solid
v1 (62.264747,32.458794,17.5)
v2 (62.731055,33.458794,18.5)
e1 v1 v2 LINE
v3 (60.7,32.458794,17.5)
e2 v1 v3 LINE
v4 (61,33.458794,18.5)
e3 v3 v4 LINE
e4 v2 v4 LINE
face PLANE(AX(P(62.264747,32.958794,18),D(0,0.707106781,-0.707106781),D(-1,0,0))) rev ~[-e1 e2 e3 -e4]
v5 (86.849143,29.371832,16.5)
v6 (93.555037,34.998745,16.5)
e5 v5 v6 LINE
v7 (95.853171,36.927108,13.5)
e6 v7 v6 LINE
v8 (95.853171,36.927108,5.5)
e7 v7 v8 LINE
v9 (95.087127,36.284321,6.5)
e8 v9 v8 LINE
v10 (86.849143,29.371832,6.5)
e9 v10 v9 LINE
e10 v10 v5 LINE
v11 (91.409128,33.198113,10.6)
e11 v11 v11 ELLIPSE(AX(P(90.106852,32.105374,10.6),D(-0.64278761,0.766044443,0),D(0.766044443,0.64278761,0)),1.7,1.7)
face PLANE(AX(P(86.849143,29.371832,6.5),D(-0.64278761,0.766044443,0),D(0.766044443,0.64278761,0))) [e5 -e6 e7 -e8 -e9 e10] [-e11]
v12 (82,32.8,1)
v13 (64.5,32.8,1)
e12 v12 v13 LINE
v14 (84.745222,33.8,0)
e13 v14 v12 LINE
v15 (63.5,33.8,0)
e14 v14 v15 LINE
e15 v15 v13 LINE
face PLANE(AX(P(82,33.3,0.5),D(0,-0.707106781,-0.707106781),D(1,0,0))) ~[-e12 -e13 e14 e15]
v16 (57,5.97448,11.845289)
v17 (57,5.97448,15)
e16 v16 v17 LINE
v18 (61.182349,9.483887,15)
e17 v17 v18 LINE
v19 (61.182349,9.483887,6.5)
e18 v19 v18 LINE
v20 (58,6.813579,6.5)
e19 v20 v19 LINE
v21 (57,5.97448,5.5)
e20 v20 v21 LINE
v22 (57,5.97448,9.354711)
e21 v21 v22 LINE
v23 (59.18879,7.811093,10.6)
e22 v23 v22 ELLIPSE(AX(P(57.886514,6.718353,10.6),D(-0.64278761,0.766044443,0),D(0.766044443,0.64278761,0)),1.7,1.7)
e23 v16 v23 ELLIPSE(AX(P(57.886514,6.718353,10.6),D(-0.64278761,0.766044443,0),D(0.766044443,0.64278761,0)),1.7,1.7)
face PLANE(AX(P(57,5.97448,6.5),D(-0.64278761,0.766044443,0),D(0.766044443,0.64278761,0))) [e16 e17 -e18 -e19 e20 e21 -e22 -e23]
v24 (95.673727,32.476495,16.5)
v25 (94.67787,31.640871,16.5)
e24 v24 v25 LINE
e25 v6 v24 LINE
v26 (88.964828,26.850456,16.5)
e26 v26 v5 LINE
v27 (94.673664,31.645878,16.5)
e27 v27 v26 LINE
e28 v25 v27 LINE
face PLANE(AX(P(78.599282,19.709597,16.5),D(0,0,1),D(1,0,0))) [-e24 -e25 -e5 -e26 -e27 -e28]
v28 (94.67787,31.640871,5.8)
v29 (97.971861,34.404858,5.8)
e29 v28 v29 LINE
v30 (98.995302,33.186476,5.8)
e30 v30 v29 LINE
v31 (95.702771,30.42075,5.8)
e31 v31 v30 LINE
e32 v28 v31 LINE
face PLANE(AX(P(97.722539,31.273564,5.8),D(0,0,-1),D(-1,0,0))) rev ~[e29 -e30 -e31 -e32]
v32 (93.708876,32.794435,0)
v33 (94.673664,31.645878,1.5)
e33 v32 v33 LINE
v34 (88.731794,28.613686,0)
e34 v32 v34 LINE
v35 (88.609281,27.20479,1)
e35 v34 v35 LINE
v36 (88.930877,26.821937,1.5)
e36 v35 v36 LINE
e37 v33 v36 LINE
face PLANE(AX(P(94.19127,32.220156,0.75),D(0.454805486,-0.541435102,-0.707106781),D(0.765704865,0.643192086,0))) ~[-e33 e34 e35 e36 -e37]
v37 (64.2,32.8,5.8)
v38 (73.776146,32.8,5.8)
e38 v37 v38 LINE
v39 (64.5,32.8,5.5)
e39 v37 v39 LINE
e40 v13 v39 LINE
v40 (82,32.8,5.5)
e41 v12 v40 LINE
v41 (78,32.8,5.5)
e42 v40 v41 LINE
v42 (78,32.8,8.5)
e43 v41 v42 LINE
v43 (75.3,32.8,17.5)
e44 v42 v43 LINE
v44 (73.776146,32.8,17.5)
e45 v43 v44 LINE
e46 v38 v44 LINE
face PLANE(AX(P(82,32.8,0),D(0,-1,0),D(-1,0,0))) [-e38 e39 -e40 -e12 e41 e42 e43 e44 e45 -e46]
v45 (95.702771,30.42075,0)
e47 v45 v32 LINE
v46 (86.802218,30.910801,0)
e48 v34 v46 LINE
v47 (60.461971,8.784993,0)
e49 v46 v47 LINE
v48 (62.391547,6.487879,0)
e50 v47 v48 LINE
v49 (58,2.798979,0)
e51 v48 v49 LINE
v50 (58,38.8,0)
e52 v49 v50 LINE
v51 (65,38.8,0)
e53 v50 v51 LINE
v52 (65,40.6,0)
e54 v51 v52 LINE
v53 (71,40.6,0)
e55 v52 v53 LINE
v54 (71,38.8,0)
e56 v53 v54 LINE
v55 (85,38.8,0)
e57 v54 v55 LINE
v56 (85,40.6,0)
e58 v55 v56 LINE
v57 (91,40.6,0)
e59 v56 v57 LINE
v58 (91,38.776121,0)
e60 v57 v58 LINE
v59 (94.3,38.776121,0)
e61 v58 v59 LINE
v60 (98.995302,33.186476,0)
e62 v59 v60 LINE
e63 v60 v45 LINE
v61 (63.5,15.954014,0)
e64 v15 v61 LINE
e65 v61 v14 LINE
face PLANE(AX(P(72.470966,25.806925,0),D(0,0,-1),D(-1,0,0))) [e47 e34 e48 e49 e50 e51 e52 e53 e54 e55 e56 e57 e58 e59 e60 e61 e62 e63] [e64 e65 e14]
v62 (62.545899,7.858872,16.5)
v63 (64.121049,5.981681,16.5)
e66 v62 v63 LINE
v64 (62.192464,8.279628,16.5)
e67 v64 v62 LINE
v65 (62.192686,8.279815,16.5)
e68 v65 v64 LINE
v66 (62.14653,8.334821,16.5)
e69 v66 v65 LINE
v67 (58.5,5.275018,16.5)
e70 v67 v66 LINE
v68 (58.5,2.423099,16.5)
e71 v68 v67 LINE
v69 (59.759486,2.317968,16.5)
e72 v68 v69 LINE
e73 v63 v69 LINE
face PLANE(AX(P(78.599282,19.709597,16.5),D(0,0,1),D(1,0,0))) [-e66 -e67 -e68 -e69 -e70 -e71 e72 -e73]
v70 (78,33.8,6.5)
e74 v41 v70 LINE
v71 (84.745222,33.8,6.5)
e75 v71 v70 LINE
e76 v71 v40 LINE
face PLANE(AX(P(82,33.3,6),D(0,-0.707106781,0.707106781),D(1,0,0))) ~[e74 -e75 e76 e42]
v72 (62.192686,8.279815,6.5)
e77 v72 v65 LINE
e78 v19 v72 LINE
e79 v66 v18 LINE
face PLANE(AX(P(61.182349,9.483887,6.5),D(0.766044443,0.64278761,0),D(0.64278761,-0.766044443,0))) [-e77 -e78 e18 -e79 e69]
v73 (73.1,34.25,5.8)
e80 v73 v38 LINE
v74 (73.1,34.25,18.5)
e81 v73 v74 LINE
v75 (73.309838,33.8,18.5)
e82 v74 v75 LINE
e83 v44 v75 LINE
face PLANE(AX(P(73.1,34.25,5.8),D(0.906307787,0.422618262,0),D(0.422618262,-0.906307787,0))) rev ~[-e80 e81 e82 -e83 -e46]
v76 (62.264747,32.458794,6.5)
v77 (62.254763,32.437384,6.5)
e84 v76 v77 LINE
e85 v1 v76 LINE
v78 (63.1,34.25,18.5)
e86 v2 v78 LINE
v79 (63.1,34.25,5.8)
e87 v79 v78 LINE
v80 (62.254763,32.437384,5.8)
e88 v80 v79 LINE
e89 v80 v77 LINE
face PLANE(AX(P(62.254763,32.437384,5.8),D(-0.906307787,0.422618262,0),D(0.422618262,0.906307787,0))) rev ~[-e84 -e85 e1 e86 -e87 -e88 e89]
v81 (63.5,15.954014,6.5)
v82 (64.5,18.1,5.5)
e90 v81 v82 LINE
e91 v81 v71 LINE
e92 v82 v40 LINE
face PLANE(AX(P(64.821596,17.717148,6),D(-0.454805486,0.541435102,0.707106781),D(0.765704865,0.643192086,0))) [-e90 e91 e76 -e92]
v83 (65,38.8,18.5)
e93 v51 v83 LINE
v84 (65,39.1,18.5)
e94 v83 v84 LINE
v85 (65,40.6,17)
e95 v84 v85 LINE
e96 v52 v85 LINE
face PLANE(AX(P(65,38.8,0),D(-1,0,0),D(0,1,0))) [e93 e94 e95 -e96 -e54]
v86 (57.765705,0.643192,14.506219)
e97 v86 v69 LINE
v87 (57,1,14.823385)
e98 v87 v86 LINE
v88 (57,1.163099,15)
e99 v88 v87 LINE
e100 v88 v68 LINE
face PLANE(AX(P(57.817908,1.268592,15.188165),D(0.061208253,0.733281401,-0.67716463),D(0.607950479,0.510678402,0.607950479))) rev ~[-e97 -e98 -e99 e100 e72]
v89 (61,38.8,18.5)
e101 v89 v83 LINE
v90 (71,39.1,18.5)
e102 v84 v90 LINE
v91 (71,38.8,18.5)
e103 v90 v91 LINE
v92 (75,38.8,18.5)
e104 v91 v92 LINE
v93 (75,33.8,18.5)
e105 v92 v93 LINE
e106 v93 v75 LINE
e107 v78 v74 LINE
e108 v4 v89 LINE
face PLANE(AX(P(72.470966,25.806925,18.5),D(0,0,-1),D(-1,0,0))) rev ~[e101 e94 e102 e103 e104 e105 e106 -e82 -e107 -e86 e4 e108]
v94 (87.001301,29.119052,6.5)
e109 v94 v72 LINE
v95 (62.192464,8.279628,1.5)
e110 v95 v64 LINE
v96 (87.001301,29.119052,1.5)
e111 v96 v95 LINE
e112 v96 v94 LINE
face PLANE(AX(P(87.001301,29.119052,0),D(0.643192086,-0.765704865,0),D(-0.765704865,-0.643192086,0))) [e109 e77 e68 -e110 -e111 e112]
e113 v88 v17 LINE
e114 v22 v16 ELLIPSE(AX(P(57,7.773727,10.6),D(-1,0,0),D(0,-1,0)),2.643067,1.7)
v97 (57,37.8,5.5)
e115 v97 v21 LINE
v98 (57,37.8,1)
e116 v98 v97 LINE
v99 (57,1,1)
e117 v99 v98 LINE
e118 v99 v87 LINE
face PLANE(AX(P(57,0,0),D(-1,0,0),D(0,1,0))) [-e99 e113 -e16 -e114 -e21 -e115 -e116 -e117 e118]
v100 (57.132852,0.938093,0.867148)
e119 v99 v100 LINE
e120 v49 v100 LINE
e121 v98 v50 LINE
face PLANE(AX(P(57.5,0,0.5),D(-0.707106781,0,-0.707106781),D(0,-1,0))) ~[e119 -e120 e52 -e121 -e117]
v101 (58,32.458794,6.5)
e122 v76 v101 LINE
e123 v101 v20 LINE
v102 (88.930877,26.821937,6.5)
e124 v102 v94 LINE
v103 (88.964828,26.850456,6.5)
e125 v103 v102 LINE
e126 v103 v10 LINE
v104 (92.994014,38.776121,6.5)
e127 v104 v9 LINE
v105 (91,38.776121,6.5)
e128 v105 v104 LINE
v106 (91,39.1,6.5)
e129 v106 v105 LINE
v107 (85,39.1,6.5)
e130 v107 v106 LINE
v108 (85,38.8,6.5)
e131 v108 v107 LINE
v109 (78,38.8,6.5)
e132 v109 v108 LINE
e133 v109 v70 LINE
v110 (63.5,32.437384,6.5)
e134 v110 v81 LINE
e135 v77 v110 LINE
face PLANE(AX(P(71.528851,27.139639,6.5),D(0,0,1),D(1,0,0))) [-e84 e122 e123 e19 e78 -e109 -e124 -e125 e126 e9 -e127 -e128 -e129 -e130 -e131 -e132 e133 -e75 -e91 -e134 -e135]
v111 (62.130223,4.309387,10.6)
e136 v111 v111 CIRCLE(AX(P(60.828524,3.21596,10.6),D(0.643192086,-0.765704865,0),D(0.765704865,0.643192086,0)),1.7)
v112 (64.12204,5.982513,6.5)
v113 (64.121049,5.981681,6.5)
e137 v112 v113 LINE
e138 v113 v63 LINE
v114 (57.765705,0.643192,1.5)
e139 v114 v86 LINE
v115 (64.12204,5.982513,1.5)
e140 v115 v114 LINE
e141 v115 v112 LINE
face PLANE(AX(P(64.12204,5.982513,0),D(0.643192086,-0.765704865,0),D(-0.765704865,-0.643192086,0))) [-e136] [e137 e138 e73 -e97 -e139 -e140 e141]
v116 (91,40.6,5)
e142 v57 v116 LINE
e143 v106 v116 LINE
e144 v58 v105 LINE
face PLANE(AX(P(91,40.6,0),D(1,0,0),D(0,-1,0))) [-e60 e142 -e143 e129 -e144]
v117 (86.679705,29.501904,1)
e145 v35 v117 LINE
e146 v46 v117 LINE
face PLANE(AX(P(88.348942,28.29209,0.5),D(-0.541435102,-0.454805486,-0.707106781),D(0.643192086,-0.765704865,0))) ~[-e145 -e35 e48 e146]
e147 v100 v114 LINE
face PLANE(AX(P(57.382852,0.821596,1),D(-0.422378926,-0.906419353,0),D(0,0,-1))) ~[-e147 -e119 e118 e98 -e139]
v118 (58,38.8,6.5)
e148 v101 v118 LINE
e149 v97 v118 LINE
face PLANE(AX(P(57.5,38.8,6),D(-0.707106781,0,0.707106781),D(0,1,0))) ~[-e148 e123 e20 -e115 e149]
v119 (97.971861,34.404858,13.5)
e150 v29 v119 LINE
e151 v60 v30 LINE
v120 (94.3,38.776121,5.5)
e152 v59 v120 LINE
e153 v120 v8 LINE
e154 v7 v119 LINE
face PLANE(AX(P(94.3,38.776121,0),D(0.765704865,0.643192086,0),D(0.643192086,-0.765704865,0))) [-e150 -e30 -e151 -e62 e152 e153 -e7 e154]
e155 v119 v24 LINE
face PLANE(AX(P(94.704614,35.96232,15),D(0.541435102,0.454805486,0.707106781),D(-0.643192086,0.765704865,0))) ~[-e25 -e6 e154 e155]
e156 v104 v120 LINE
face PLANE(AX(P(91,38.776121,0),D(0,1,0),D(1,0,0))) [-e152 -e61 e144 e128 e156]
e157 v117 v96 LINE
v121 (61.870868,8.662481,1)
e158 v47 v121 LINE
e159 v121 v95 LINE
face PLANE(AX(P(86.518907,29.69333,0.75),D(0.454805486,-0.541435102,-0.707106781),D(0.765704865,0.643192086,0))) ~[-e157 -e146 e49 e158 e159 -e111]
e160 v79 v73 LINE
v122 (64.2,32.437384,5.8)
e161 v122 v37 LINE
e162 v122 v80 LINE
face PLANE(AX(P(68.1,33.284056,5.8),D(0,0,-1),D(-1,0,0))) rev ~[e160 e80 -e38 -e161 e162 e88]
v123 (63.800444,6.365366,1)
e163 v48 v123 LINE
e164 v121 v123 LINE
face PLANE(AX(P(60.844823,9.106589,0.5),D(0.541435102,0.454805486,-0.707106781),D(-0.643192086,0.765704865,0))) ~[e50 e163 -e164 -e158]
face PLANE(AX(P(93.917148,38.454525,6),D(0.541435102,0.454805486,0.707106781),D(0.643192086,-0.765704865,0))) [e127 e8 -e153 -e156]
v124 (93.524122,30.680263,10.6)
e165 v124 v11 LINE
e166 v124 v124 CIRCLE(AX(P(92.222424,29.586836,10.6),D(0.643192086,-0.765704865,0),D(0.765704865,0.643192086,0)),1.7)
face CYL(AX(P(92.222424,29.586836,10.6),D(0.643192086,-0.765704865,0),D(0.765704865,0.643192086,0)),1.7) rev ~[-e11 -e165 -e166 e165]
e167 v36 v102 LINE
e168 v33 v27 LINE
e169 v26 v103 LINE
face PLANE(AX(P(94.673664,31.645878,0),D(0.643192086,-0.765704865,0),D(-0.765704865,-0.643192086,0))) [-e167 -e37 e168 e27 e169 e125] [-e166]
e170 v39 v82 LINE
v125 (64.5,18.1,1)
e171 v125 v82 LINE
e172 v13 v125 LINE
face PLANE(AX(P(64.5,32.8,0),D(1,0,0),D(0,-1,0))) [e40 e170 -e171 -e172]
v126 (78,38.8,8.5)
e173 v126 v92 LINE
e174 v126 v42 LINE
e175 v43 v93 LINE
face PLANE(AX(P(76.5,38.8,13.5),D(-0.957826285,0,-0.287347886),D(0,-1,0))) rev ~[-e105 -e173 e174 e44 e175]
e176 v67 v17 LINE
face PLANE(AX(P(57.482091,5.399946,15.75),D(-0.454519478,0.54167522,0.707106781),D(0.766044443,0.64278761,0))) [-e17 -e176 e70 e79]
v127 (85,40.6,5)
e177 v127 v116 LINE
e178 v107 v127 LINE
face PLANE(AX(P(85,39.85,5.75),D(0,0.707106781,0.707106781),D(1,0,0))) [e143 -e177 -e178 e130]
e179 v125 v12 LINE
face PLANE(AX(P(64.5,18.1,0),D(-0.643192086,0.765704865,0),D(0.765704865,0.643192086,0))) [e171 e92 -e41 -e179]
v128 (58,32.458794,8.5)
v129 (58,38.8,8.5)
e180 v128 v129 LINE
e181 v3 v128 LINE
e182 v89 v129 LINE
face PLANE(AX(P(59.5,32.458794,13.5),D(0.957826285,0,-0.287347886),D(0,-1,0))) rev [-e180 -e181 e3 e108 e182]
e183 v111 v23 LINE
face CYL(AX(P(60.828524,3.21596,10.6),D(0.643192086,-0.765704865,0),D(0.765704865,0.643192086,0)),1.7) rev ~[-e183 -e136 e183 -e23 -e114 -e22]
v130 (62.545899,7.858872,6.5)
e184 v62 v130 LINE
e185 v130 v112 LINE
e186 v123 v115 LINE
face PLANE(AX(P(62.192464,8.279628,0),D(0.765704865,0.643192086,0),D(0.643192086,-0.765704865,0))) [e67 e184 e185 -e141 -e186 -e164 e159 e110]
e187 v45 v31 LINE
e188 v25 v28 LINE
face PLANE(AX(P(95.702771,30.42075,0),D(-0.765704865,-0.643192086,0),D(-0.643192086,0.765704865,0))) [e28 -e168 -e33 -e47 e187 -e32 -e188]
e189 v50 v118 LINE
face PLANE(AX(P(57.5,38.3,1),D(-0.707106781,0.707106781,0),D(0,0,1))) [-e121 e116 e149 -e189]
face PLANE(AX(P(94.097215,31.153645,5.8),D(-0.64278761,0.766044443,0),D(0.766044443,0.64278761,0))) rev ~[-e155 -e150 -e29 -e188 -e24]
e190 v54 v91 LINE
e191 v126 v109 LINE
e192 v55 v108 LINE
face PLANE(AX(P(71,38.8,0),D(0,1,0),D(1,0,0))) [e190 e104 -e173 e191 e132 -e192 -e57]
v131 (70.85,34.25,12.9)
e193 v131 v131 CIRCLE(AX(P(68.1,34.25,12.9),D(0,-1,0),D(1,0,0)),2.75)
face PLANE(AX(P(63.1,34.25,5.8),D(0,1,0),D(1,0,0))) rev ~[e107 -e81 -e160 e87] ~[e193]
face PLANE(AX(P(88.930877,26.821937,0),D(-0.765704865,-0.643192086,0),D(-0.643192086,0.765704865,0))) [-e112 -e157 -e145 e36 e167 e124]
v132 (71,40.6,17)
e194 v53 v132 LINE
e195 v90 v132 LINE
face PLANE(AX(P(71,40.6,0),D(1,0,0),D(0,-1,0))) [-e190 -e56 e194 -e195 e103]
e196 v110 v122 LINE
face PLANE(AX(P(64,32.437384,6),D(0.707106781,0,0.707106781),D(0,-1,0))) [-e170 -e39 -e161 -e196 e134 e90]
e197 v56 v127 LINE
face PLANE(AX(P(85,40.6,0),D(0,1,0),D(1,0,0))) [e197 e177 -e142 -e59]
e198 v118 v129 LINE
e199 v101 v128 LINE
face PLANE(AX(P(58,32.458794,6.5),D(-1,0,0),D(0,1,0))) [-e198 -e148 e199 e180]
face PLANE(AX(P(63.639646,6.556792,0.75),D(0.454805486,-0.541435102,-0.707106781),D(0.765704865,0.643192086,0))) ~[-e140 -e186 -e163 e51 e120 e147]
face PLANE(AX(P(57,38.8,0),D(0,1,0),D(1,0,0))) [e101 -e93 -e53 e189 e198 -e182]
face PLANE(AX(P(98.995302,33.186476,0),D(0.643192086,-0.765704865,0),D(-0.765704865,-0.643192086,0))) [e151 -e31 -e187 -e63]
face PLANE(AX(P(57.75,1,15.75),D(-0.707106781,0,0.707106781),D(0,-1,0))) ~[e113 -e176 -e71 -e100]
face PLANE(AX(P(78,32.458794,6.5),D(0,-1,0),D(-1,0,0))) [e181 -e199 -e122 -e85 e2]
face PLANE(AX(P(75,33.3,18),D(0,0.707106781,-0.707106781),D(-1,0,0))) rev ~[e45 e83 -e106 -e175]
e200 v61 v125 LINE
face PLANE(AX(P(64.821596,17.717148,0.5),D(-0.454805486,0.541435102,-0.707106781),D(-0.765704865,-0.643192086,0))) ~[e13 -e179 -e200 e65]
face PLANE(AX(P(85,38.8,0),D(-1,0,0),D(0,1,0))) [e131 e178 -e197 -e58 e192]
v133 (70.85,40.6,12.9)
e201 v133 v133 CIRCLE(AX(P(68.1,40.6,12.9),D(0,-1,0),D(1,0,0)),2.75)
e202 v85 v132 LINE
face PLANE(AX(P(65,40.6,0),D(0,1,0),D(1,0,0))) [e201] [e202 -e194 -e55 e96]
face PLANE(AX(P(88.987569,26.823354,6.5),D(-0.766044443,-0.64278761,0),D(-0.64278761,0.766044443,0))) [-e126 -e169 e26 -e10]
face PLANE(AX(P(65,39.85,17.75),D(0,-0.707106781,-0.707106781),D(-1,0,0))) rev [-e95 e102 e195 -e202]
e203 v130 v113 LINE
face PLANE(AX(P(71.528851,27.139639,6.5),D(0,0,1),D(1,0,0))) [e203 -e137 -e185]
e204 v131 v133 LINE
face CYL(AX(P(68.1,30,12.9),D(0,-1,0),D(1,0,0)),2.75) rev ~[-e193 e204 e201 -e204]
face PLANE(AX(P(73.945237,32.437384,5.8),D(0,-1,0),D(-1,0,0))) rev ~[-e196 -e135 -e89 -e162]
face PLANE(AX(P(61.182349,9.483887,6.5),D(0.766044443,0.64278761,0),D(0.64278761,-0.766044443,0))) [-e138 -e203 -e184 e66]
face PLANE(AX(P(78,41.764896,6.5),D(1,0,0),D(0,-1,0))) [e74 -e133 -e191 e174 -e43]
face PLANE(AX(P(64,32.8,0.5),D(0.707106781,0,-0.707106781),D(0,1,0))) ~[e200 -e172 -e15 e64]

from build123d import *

# Parameters (mm, degrees)
PAD020_DEPTH     = 18.5
POCKET047_DEPTH  = 13
POCKET048_DEPTH  = 5
POCKET049_DEPTH  = 15
SKETCH088_R      = 2.75
POCKET050_DEPTH  = 12
SKETCH089_R      = 1.7
POCKET051_DEPTH  = 5
CHAMFER_SIZE     = 3
CHAMFER036_SIZE2 = 3
CHAMFER036_SIZE  = 10
CHAMFER037_SIZE2 = 10
CHAMFER037_SIZE  = 3
CHAMFER038_SIZE  = 1
CHAMFER039_SIZE  = 1
CHAMFER040_SIZE  = 1.5
CHAMFER041_SIZE  = 1
CHAMFER042_SIZE  = 1
CHAMFER043_SIZE  = 1
CHAMFER044_SIZE  = 1
CHAMFER045_SIZE  = 1.5
CHAMFER046_SIZE  = 1
CHAMFER047_SIZE  = 1
CHAMFER048_SIZE  = 1.5
CHAMFER049_SIZE  = 1
CHAMFER050_SIZE  = 1


with BuildPart() as part:
    # Sketch084 → Pad020 (new body)
    with BuildSketch(Plane.XY):
        Polygon((0, 38.8), (8, 38.8), (8, 40.6), (14, 40.6), (14, 38.8), (28, 38.8), (28, 40.6), (34, 40.6), (34, 38.7761214391), (37.3, 38.7761214391), (41.9953022309, 33.1864759261), (38.7027713123, 30.4207499545), (37.673663974, 31.6458777382), (31.9308774881, 26.82193709), (30.0013012288, 29.1190516844), (5.1924636096, 8.2796280843), (7.1220398689, 5.9825134899), (0, 0), align=None)
        Polygon((7.5, 32.8), (7.5, 18.1), (25, 32.8), align=None, mode=Mode.SUBTRACT)
    extrude(amount=PAD020_DEPTH)

    # Sketch085 → Pocket047 (cut)
    with BuildSketch(Plane.XY.offset(6.5)):
        Polygon((0, 5.9744797055), (4.1823490341, 9.4838872374), (7.132775333, 5.967706096), (31.9875690904, 26.8233543707), (29.8491428651, 29.3718315072), (38.9102049805, 36.9749653863), (34.8909759819, 41.7648959848), (21, 41.7648959848), (21, 32.458794), (1, 32.458794), (1, 41.759258), (0, 41.764896), align=None)
    extrude(amount=POCKET047_DEPTH, mode=Mode.SUBTRACT)

    # Sketch086 → Pocket048 (cut)
    with BuildSketch(Plane.XY.offset(16.5)):
        Polygon((-0.8541061726, -4.3526620467), (49.194970654, 37.6434998606), (44.0526697777, 43.7718554052), (-5.9964070501, 1.7756934982), align=None)
    extrude(amount=POCKET048_DEPTH, mode=Mode.SUBTRACT)

    # Sketch087 → Pocket049 (cut)
    with BuildSketch(Plane.XY.offset(5.8)):
        Polygon((37.0972154509, 31.1536445146), (41.470166846, 34.8229864174), (44.3478623025, 31.3934825187), (39.9749109074, 27.724140616), align=None)
        Polygon((6.1, 34.25), (16.1, 34.25), (16.9452365235, 32.4373844259), (5.2547634765, 32.4373844259), align=None)
    extrude(amount=POCKET049_DEPTH, mode=Mode.SUBTRACT)

    # Sketch088 → Pocket050 (cut)
    with BuildSketch(Plane.XZ.offset(-30)):
        with Locations((11.1, 12.9)):
            Circle(SKETCH088_R)
    extrude(amount=-POCKET050_DEPTH, mode=Mode.SUBTRACT)

    # Sketch089 → Pocket051 (cut)
    with BuildSketch(Plane(origin=(0, 0, 0), x_dir=(0.7657048648, 0.6431920864, 0), z_dir=(0.6431920864, -0.7657048648, 0))):
        with Locations((5, 10.6)):
            Circle(SKETCH089_R)
        with Locations((46, 10.6)):
            Circle(SKETCH089_R)
    extrude(amount=-POCKET051_DEPTH, mode=Mode.SUBTRACT)

    # Chamfer
    chamfer_edges = [part.edges().sort_by_distance(p)[0] for p in [
        (39.912516, 35.665983, 16.5),
    ]]
    chamfer(chamfer_edges, length=CHAMFER_SIZE)

    # Chamfer036
    chamfer036_edges = [part.edges().sort_by_distance(p)[0] for p in [
        (21, 35.8, 18.5),
    ]]
    chamfer036_side = part.faces().sort_by_distance((21, 35.8, 12.5))[0]
    chamfer(chamfer036_edges, length=CHAMFER036_SIZE, length2=CHAMFER036_SIZE2, reference=chamfer036_side)

    # Chamfer037
    chamfer037_edges = [part.edges().sort_by_distance(p)[0] for p in [
        (1, 35.629397, 18.5),
    ]]
    chamfer037_side = part.faces().sort_by_distance((9.318343, 36.537604, 18.5))[0]
    chamfer(chamfer037_edges, length=CHAMFER037_SIZE, length2=CHAMFER037_SIZE2, reference=chamfer037_side)

    # Chamfer038
    chamfer038_edges = [part.edges().sort_by_distance(p)[0] for p in [
        (16.25, 25.45, 6.5),
        (7.5, 25.268692, 6.5),
        (23, 32.8, 6.5),
    ]]
    chamfer(chamfer038_edges, length=CHAMFER038_SIZE)

    # Chamfer039
    chamfer039_edges = [part.edges().sort_by_distance(p)[0] for p in [
        (17.388073, 32.8, 18.5),
        (4.632373, 32.458794, 18.5),
    ]]
    chamfer(chamfer039_edges, length=CHAMFER039_SIZE)

    # Chamfer040
    chamfer040_edges = [part.edges().sort_by_distance(p)[0] for p in [
        (31, 40.6, 6.5),
        (11, 40.6, 18.5),
    ]]
    chamfer(chamfer040_edges, length=CHAMFER040_SIZE)

    # Chamfer041
    chamfer041_edges = [part.edges().sort_by_distance(p)[0] for p in [
        (38.076586, 37.851615, 6.5),
    ]]
    chamfer(chamfer041_edges, length=CHAMFER041_SIZE)

    # Chamfer042
    chamfer042_edges = [part.edges().sort_by_distance(p)[0] for p in [
        (0, 22.38724, 6.5),
        (0, 19.4, 0),
    ]]
    chamfer(chamfer042_edges, length=CHAMFER042_SIZE)

    # Chamfer043
    chamfer043_edges = [part.edges().sort_by_distance(p)[0] for p in [
        (0, 38.8, 3.25),
    ]]
    chamfer(chamfer043_edges, length=CHAMFER043_SIZE)

    # Chamfer044
    chamfer044_edges = [part.edges().sort_by_distance(p)[0] for p in [
        (0, 0, 8.75),
    ]]
    chamfer(chamfer044_edges, length=CHAMFER044_SIZE)

    # Chamfer045
    chamfer045_edges = [part.edges().sort_by_distance(p)[0] for p in [
        (2.091175, 7.729183, 16.5),
        (0, 3.48724, 16.5),
    ]]
    chamfer(chamfer045_edges, length=CHAMFER045_SIZE)

    # Chamfer046
    chamfer046_edges = [part.edges().sort_by_distance(p)[0] for p in [
        (1.132852, 0.951596, 16.132852),
    ]]
    chamfer(chamfer046_edges, length=CHAMFER046_SIZE)

    # Chamfer047
    chamfer047_edges = [part.edges().sort_by_distance(p)[0] for p in [
        (16.25, 25.45, 0),
        (16.25, 32.8, 0),
        (7.5, 25.45, 0),
    ]]
    chamfer(chamfer047_edges, length=CHAMFER047_SIZE)

    # Chamfer048
    chamfer048_edges = [part.edges().sort_by_distance(p)[0] for p in [
        (4.06102, 3.411257, 0),
        (17.596882, 18.69934, 0),
        (34.802271, 29.233907, 0),
    ]]
    chamfer(chamfer048_edges, length=CHAMFER048_SIZE)

    # Chamfer049
    chamfer049_edges = [part.edges().sort_by_distance(p)[0] for p in [
        (30.483695, 28.544773, 0),
        (29.518907, 29.69333, 0),
    ]]
    chamfer(chamfer049_edges, length=CHAMFER049_SIZE)

    # Chamfer050
    chamfer050_edges = [part.edges().sort_by_distance(p)[0] for p in [
        (4.71007, 8.853907, 0),
    ]]
    chamfer(chamfer050_edges, length=CHAMFER050_SIZE)


with BuildPart() as part_1:
    # Body016 placement: moved
    add(part.part.moved(Location((57, 0, 0))))


solid = part_1.part
